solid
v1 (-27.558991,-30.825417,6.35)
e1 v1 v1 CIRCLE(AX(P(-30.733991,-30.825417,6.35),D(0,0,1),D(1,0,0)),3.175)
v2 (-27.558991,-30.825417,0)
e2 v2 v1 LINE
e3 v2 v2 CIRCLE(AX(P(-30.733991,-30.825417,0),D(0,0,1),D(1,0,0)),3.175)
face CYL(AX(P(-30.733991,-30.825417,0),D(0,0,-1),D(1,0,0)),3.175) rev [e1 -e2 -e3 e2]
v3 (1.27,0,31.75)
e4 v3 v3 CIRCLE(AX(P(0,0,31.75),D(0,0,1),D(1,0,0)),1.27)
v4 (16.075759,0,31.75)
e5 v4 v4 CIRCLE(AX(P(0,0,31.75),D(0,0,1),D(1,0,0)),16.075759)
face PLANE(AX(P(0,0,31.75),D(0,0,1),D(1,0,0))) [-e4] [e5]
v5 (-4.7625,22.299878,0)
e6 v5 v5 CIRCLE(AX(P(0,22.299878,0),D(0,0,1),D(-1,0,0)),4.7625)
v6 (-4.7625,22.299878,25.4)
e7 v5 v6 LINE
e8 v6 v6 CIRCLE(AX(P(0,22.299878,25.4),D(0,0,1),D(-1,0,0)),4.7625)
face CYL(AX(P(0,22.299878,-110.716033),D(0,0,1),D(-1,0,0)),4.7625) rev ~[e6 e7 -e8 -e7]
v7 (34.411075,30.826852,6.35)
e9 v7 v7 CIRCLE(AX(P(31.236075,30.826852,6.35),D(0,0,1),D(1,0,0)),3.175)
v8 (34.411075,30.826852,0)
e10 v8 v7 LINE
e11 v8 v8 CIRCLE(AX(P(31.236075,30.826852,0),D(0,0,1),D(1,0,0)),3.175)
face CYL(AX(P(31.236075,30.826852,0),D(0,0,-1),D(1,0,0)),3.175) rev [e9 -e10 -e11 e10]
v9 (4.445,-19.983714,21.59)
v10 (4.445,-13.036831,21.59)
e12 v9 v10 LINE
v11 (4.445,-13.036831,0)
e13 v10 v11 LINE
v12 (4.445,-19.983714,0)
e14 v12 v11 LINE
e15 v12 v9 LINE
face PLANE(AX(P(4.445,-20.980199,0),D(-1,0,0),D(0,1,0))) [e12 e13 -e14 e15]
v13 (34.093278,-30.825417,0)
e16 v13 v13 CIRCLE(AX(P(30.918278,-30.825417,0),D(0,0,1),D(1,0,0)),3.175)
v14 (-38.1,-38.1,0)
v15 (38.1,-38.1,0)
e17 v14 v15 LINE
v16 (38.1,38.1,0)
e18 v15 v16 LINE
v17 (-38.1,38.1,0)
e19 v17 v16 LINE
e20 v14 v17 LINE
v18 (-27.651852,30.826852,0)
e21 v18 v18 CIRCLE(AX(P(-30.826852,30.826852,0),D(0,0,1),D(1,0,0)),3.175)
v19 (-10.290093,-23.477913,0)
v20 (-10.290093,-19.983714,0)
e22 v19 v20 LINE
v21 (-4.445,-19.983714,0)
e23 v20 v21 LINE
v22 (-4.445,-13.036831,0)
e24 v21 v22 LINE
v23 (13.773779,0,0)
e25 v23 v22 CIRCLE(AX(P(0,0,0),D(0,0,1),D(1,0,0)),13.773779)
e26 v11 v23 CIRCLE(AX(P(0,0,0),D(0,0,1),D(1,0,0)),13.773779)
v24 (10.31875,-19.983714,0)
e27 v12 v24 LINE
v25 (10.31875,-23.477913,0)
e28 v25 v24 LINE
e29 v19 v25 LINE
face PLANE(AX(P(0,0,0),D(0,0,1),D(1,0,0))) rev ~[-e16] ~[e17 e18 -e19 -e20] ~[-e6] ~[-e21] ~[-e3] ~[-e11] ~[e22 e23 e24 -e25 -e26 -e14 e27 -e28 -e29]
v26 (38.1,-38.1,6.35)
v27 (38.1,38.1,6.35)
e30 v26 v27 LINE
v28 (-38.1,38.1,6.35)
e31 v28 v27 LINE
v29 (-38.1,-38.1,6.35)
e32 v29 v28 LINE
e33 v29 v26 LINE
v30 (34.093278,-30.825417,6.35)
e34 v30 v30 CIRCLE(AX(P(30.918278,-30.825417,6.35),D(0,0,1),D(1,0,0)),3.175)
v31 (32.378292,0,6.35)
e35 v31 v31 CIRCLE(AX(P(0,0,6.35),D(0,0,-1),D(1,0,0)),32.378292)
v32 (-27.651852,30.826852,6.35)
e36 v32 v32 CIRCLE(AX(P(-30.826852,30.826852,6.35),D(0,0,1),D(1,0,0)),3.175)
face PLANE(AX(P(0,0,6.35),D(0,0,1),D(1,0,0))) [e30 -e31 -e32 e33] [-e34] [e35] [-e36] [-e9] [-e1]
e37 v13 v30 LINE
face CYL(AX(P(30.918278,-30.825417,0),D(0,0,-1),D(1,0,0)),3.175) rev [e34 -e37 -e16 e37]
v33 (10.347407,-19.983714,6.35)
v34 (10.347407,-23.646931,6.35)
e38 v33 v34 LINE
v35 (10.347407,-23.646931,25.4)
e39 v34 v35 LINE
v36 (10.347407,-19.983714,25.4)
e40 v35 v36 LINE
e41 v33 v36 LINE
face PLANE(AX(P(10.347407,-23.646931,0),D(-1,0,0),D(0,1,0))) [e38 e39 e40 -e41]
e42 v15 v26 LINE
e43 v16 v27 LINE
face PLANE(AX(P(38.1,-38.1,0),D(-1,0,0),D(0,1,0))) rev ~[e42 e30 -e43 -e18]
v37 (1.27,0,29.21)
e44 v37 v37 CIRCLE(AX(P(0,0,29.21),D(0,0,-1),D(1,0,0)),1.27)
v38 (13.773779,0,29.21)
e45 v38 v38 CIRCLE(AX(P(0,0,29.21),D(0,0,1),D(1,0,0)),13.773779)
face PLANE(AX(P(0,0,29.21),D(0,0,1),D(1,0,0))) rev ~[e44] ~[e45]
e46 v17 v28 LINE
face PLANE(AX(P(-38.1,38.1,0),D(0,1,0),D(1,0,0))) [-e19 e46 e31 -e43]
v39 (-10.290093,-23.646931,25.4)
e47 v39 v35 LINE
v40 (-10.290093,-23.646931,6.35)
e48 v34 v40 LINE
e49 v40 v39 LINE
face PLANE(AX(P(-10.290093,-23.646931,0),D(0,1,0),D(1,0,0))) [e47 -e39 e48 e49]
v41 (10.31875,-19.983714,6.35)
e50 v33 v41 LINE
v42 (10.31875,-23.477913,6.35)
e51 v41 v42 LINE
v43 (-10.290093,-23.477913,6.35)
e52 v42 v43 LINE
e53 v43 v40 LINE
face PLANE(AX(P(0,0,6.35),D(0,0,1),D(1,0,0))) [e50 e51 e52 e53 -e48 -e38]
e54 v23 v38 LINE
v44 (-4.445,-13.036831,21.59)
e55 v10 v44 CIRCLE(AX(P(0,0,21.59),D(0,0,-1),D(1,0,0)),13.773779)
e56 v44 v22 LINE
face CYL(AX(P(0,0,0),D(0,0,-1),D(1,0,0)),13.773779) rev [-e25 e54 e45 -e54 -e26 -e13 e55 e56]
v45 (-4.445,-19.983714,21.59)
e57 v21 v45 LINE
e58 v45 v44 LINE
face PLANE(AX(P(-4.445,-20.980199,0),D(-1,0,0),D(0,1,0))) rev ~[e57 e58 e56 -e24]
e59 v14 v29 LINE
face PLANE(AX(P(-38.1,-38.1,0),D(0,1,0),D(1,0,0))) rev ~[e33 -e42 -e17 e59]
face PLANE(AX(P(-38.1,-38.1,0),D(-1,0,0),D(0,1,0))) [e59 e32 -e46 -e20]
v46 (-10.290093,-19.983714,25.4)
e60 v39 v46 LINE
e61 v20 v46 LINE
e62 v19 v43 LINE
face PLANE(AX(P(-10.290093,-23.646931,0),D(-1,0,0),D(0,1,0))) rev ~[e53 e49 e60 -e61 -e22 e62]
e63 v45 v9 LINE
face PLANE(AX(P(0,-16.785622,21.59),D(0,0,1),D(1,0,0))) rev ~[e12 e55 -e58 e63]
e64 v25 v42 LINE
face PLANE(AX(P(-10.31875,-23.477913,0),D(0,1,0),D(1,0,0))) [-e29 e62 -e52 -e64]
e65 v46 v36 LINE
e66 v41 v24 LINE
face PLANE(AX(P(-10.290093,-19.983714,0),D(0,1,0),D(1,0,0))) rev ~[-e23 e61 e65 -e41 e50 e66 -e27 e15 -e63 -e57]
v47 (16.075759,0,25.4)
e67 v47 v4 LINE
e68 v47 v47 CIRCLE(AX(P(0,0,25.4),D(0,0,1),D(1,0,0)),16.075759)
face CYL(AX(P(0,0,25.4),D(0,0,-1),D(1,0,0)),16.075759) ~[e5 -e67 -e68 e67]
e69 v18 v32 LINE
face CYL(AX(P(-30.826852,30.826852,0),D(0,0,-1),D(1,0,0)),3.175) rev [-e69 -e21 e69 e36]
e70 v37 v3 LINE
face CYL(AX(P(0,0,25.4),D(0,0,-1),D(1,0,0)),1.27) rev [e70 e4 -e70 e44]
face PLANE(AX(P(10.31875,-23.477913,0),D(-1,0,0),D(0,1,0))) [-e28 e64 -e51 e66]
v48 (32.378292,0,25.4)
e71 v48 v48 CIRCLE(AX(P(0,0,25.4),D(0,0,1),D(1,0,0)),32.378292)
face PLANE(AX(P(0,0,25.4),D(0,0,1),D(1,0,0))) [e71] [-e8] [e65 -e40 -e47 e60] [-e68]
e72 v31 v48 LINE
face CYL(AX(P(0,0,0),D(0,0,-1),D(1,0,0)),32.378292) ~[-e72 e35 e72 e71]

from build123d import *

# Parameters (mm, degrees)
F0_W      = 76.2
F0_H      = 76.2
F0_R      = 3.175
F5_DEPTH  = 6.35
F1_R      = 13.7737792641
F6_DEPTH  = 25.4
F3_R      = 5.199817611
F7_DEPTH  = 25.4
F4_W      = 20.6375
F4_H      = 3.6285714286
F8_DEPTH  = 25.4
F2_R      = 32.3782922644
F2_W      = 20.6375
F2_H      = 3.6632169593
F9_DEPTH  = 25.4
F10_D     = 9.525
F11_R     = 16.0757593031
F11_R_2   = 13.7737792641
F11_R_3   = 1.27
F12_DEPTH = 6.35
F13_DEPTH = 29.21
F14_W     = 8.89
F14_H     = 8.3891552745
F15_DEPTH = 21.59


with BuildPart() as f5:
    # F0 (on Top) → F5 (new body)
    with BuildSketch(Plane.XY):
        Rectangle(F0_W, F0_H)
        with Locations((-30.7339914143, -30.8254174888)):
            Circle(F0_R, mode=Mode.SUBTRACT)
        with Locations((30.9182778001, -30.8254174888)):
            Circle(F0_R, mode=Mode.SUBTRACT)
        with Locations((-30.8268517256, 30.8268517256)):
            Circle(F0_R, mode=Mode.SUBTRACT)
        with Locations((31.2360748649, 30.8268517256)):
            Circle(F0_R, mode=Mode.SUBTRACT)
    extrude(amount=F5_DEPTH)

    # F1 (on face) → F6 (cut)
    with BuildSketch(Plane.XY):
        Circle(F1_R)
    extrude(amount=F6_DEPTH, mode=Mode.SUBTRACT)

    # F3 (on face) → F7 (cut)
    with BuildSketch(Plane.XY):
        with Locations((0, 22.2998782992)):
            Circle(F3_R)
    extrude(amount=F7_DEPTH, mode=Mode.SUBTRACT)

    # F4 (on face) → F8 (cut)
    with BuildSketch(Plane.XY):
        with Locations((0, -21.663627077)):
            Rectangle(F4_W, F4_H)
    extrude(amount=F8_DEPTH, mode=Mode.SUBTRACT)

    # F2 (on face) → F9 (join)
    with BuildSketch(Plane.XY):
        Circle(F2_R)
        with Locations((0.0286572114, -21.8153223838)):
            Rectangle(F2_W, F2_H, mode=Mode.SUBTRACT)
    extrude(amount=F9_DEPTH)

    # F10 (through all)
    with Locations(Plane(origin=(0, 0, 0), x_dir=(1, 0, 0), z_dir=(0, 0, -1))):
        with Locations((0, -22.2998782992)):
            Hole(F10_D / 2)

    # F11 (on face) → F12 (join)
    with BuildSketch(Plane.XY.offset(25.4)):
        Circle(F11_R)
        Circle(F11_R_2, mode=Mode.SUBTRACT)
        Circle(F11_R_2)
        Circle(F11_R_3, mode=Mode.SUBTRACT)
    extrude(amount=F12_DEPTH)

    # F1 (on face) → F13 (cut)
    with BuildSketch(Plane.XY):
        Circle(F1_R)
    extrude(amount=F13_DEPTH, mode=Mode.SUBTRACT)

    # F14 (on face) → F15 (cut)
    with BuildSketch(Plane.XY):
        with Locations((0, -16.7856216431)):
            Rectangle(F14_W, F14_H)
    extrude(amount=F15_DEPTH, mode=Mode.SUBTRACT)


solid = f5.part
